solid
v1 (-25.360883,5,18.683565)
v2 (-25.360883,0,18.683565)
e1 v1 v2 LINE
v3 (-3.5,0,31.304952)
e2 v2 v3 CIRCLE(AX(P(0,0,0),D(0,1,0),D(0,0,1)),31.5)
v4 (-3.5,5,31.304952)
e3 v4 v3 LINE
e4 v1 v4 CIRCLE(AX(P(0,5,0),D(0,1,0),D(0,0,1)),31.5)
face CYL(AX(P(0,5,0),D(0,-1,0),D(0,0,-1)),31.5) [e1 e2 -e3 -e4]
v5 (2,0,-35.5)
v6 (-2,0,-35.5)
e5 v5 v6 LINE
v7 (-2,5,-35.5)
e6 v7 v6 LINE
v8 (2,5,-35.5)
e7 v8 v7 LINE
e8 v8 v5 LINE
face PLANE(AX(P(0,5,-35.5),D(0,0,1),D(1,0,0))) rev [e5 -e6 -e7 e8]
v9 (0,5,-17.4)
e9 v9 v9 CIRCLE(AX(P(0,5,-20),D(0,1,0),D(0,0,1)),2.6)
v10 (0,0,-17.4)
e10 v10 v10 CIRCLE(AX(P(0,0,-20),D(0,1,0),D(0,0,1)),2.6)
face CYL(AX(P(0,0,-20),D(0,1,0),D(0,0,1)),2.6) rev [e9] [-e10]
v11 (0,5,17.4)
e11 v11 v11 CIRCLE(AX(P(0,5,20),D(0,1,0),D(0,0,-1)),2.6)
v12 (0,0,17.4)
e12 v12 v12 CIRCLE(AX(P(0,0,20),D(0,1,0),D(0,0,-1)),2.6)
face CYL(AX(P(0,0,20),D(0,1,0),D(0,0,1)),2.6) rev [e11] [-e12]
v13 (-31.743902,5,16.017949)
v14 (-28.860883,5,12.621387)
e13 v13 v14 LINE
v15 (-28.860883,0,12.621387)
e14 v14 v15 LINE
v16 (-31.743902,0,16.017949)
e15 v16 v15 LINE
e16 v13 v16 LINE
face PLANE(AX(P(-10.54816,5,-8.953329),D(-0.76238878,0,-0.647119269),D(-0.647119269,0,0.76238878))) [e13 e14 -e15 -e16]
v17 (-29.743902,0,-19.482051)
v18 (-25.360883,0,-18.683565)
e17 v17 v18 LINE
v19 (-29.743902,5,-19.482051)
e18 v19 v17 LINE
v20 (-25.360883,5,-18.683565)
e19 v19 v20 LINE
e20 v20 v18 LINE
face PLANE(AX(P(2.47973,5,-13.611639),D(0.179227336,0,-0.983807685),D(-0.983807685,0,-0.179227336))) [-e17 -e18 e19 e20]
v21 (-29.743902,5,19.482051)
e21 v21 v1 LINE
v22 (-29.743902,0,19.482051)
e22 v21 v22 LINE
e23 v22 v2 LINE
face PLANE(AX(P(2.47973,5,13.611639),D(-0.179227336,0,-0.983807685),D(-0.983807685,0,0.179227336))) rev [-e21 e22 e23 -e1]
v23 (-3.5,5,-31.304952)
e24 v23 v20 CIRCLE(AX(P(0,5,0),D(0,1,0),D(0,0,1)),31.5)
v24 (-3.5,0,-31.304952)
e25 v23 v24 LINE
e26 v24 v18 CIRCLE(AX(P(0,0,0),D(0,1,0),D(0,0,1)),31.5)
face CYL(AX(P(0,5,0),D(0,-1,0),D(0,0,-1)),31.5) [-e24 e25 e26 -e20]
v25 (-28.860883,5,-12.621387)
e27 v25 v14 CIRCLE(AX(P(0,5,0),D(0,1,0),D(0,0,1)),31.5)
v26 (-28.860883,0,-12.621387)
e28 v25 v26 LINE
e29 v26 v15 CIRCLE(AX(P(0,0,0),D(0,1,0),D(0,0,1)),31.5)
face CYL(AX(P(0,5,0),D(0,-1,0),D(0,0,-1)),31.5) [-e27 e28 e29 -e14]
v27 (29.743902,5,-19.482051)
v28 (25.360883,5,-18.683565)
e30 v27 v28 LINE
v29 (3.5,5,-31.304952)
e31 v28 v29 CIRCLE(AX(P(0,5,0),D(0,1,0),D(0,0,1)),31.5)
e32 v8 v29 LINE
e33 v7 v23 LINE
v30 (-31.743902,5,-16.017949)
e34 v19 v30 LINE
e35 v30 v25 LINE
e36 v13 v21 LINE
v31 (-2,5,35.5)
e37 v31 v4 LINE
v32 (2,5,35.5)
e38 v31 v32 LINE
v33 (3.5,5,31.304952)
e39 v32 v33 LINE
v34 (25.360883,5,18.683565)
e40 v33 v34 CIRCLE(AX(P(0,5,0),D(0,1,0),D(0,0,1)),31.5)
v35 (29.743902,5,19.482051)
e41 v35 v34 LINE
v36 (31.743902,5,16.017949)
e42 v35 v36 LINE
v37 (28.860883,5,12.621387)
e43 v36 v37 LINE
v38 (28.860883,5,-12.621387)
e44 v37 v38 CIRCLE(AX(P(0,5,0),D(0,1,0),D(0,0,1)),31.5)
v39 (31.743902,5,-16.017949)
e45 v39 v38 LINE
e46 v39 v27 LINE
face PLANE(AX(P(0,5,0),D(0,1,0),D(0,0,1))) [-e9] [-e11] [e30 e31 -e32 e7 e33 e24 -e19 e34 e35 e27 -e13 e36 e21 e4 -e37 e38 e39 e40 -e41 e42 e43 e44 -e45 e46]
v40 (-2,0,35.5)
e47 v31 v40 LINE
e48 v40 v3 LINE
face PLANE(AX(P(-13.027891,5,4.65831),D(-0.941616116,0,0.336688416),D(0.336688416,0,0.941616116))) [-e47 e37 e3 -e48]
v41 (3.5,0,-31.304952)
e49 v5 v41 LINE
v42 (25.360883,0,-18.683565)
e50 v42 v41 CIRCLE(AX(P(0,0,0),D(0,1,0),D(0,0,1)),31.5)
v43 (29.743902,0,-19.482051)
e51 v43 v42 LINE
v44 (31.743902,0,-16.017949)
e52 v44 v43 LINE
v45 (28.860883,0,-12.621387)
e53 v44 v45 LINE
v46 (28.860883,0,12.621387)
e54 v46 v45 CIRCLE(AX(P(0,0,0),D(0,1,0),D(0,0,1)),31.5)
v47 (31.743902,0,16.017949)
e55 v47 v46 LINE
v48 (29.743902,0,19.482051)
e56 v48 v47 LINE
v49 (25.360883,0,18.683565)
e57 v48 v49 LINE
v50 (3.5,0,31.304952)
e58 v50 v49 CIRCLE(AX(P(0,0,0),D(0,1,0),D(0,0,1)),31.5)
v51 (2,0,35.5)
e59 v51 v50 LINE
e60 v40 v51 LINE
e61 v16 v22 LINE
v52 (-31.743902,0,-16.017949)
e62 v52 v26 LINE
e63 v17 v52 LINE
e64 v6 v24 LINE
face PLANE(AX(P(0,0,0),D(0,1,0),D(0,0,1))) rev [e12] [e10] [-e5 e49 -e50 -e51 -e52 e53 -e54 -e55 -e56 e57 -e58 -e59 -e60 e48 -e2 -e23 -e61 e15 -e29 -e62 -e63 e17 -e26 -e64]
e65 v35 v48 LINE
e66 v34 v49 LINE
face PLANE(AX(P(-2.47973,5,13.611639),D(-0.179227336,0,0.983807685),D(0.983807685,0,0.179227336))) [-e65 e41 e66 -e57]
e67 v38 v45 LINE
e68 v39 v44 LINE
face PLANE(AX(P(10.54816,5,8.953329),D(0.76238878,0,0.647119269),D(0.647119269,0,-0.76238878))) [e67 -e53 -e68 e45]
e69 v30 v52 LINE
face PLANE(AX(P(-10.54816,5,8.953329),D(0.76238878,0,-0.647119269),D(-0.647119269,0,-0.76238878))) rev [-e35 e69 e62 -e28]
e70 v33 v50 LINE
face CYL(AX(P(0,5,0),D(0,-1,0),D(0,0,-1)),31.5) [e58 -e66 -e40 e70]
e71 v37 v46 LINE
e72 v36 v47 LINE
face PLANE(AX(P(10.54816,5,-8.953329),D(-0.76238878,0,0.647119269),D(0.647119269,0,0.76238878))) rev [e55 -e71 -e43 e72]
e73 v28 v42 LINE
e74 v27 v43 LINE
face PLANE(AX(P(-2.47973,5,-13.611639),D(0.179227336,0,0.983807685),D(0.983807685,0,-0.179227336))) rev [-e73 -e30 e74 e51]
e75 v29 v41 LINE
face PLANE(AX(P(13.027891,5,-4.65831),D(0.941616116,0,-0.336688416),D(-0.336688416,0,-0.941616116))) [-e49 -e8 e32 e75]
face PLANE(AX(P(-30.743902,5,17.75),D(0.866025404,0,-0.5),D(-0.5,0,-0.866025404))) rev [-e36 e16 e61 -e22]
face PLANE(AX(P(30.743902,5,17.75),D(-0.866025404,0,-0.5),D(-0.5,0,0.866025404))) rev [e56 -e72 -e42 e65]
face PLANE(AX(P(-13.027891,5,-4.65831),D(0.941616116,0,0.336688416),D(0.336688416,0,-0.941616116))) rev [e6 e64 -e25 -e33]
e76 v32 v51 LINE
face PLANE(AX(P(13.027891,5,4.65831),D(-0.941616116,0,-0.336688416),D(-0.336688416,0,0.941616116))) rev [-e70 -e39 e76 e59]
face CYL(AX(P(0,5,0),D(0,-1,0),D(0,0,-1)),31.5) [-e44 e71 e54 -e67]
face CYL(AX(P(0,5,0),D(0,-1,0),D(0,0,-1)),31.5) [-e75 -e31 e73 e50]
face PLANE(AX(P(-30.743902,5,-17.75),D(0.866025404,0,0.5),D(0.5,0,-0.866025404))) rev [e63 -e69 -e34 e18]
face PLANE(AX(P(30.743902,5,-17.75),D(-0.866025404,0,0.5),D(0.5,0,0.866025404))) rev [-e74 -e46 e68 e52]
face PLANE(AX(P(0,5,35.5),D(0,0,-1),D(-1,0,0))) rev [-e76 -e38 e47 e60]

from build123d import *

# Parameters (mm, degrees)
BOSS_EXTRUDE1_DEPTH = 5
SKETCH2_R           = 2.6
CUT_EXTRUDE1_DEPTH  = 5


with BuildPart() as part:
    # Sketch1 → Boss-Extrude1 (new body)
    with BuildSketch(Plane(origin=(0, 0, 0), x_dir=(1, 0, 0), z_dir=(0, 1, 0))):
        with BuildLine():
            Line((2, 35.5), (-2, 35.5))
            Line((-2, 35.5), (-3.5, 31.304951685))
            ThreePointArc((-3.5, 31.304951685), (-15.75, 27.279800219), (-25.360883423, 18.683564756))
            Line((-25.360883423, 18.683564756), (-29.743901834, 19.482050808))
            Line((-29.743901834, 19.482050808), (-31.743901834, 16.017949192))
            Line((-31.743901834, 16.017949192), (-28.860883423, 12.621386929))
            ThreePointArc((-28.860883423, 12.621386929), (-31.5, 0), (-28.860883423, -12.621386929))
            Line((-28.860883423, -12.621386929), (-31.743901834, -16.017949192))
            Line((-31.743901834, -16.017949192), (-29.743901834, -19.482050808))
            Line((-29.743901834, -19.482050808), (-25.360883423, -18.683564756))
            ThreePointArc((-25.360883423, -18.683564756), (-15.75, -27.279800219), (-3.5, -31.304951685))
            Line((-3.5, -31.304951685), (-2, -35.5))
            Line((-2, -35.5), (2, -35.5))
            Line((2, -35.5), (3.5, -31.304951685))
            ThreePointArc((3.5, -31.304951685), (15.75, -27.279800219), (25.360883423, -18.683564756))
            Line((25.360883423, -18.683564756), (29.743901834, -19.482050808))
            Line((29.743901834, -19.482050808), (31.743901834, -16.017949192))
            Line((31.743901834, -16.017949192), (28.860883423, -12.621386929))
            ThreePointArc((28.860883423, -12.621386929), (31.5, 0), (28.860883423, 12.621386929))
            Line((28.860883423, 12.621386929), (31.743901834, 16.017949192))
            Line((31.743901834, 16.017949192), (29.743901834, 19.482050808))
            Line((29.743901834, 19.482050808), (25.360883423, 18.683564756))
            ThreePointArc((25.360883423, 18.683564756), (15.75, 27.279800219), (3.5, 31.304951685))
            Line((3.5, 31.304951685), (2, 35.5))
        make_face()
    extrude(amount=BOSS_EXTRUDE1_DEPTH)

    # Sketch2 → Cut-Extrude1 (cut)
    with BuildSketch(Plane(origin=(0, 5, 0), x_dir=(1, 0, 0), z_dir=(0, 1, 0))):
        with Locations(Location((0, 20, 0), (0, 0, 270))):
            Circle(SKETCH2_R)
        with Locations(Location((0, -20, 0), (0, 0, 90))):
            Circle(SKETCH2_R)
    extrude(amount=-CUT_EXTRUDE1_DEPTH, mode=Mode.SUBTRACT)


solid = part.part
